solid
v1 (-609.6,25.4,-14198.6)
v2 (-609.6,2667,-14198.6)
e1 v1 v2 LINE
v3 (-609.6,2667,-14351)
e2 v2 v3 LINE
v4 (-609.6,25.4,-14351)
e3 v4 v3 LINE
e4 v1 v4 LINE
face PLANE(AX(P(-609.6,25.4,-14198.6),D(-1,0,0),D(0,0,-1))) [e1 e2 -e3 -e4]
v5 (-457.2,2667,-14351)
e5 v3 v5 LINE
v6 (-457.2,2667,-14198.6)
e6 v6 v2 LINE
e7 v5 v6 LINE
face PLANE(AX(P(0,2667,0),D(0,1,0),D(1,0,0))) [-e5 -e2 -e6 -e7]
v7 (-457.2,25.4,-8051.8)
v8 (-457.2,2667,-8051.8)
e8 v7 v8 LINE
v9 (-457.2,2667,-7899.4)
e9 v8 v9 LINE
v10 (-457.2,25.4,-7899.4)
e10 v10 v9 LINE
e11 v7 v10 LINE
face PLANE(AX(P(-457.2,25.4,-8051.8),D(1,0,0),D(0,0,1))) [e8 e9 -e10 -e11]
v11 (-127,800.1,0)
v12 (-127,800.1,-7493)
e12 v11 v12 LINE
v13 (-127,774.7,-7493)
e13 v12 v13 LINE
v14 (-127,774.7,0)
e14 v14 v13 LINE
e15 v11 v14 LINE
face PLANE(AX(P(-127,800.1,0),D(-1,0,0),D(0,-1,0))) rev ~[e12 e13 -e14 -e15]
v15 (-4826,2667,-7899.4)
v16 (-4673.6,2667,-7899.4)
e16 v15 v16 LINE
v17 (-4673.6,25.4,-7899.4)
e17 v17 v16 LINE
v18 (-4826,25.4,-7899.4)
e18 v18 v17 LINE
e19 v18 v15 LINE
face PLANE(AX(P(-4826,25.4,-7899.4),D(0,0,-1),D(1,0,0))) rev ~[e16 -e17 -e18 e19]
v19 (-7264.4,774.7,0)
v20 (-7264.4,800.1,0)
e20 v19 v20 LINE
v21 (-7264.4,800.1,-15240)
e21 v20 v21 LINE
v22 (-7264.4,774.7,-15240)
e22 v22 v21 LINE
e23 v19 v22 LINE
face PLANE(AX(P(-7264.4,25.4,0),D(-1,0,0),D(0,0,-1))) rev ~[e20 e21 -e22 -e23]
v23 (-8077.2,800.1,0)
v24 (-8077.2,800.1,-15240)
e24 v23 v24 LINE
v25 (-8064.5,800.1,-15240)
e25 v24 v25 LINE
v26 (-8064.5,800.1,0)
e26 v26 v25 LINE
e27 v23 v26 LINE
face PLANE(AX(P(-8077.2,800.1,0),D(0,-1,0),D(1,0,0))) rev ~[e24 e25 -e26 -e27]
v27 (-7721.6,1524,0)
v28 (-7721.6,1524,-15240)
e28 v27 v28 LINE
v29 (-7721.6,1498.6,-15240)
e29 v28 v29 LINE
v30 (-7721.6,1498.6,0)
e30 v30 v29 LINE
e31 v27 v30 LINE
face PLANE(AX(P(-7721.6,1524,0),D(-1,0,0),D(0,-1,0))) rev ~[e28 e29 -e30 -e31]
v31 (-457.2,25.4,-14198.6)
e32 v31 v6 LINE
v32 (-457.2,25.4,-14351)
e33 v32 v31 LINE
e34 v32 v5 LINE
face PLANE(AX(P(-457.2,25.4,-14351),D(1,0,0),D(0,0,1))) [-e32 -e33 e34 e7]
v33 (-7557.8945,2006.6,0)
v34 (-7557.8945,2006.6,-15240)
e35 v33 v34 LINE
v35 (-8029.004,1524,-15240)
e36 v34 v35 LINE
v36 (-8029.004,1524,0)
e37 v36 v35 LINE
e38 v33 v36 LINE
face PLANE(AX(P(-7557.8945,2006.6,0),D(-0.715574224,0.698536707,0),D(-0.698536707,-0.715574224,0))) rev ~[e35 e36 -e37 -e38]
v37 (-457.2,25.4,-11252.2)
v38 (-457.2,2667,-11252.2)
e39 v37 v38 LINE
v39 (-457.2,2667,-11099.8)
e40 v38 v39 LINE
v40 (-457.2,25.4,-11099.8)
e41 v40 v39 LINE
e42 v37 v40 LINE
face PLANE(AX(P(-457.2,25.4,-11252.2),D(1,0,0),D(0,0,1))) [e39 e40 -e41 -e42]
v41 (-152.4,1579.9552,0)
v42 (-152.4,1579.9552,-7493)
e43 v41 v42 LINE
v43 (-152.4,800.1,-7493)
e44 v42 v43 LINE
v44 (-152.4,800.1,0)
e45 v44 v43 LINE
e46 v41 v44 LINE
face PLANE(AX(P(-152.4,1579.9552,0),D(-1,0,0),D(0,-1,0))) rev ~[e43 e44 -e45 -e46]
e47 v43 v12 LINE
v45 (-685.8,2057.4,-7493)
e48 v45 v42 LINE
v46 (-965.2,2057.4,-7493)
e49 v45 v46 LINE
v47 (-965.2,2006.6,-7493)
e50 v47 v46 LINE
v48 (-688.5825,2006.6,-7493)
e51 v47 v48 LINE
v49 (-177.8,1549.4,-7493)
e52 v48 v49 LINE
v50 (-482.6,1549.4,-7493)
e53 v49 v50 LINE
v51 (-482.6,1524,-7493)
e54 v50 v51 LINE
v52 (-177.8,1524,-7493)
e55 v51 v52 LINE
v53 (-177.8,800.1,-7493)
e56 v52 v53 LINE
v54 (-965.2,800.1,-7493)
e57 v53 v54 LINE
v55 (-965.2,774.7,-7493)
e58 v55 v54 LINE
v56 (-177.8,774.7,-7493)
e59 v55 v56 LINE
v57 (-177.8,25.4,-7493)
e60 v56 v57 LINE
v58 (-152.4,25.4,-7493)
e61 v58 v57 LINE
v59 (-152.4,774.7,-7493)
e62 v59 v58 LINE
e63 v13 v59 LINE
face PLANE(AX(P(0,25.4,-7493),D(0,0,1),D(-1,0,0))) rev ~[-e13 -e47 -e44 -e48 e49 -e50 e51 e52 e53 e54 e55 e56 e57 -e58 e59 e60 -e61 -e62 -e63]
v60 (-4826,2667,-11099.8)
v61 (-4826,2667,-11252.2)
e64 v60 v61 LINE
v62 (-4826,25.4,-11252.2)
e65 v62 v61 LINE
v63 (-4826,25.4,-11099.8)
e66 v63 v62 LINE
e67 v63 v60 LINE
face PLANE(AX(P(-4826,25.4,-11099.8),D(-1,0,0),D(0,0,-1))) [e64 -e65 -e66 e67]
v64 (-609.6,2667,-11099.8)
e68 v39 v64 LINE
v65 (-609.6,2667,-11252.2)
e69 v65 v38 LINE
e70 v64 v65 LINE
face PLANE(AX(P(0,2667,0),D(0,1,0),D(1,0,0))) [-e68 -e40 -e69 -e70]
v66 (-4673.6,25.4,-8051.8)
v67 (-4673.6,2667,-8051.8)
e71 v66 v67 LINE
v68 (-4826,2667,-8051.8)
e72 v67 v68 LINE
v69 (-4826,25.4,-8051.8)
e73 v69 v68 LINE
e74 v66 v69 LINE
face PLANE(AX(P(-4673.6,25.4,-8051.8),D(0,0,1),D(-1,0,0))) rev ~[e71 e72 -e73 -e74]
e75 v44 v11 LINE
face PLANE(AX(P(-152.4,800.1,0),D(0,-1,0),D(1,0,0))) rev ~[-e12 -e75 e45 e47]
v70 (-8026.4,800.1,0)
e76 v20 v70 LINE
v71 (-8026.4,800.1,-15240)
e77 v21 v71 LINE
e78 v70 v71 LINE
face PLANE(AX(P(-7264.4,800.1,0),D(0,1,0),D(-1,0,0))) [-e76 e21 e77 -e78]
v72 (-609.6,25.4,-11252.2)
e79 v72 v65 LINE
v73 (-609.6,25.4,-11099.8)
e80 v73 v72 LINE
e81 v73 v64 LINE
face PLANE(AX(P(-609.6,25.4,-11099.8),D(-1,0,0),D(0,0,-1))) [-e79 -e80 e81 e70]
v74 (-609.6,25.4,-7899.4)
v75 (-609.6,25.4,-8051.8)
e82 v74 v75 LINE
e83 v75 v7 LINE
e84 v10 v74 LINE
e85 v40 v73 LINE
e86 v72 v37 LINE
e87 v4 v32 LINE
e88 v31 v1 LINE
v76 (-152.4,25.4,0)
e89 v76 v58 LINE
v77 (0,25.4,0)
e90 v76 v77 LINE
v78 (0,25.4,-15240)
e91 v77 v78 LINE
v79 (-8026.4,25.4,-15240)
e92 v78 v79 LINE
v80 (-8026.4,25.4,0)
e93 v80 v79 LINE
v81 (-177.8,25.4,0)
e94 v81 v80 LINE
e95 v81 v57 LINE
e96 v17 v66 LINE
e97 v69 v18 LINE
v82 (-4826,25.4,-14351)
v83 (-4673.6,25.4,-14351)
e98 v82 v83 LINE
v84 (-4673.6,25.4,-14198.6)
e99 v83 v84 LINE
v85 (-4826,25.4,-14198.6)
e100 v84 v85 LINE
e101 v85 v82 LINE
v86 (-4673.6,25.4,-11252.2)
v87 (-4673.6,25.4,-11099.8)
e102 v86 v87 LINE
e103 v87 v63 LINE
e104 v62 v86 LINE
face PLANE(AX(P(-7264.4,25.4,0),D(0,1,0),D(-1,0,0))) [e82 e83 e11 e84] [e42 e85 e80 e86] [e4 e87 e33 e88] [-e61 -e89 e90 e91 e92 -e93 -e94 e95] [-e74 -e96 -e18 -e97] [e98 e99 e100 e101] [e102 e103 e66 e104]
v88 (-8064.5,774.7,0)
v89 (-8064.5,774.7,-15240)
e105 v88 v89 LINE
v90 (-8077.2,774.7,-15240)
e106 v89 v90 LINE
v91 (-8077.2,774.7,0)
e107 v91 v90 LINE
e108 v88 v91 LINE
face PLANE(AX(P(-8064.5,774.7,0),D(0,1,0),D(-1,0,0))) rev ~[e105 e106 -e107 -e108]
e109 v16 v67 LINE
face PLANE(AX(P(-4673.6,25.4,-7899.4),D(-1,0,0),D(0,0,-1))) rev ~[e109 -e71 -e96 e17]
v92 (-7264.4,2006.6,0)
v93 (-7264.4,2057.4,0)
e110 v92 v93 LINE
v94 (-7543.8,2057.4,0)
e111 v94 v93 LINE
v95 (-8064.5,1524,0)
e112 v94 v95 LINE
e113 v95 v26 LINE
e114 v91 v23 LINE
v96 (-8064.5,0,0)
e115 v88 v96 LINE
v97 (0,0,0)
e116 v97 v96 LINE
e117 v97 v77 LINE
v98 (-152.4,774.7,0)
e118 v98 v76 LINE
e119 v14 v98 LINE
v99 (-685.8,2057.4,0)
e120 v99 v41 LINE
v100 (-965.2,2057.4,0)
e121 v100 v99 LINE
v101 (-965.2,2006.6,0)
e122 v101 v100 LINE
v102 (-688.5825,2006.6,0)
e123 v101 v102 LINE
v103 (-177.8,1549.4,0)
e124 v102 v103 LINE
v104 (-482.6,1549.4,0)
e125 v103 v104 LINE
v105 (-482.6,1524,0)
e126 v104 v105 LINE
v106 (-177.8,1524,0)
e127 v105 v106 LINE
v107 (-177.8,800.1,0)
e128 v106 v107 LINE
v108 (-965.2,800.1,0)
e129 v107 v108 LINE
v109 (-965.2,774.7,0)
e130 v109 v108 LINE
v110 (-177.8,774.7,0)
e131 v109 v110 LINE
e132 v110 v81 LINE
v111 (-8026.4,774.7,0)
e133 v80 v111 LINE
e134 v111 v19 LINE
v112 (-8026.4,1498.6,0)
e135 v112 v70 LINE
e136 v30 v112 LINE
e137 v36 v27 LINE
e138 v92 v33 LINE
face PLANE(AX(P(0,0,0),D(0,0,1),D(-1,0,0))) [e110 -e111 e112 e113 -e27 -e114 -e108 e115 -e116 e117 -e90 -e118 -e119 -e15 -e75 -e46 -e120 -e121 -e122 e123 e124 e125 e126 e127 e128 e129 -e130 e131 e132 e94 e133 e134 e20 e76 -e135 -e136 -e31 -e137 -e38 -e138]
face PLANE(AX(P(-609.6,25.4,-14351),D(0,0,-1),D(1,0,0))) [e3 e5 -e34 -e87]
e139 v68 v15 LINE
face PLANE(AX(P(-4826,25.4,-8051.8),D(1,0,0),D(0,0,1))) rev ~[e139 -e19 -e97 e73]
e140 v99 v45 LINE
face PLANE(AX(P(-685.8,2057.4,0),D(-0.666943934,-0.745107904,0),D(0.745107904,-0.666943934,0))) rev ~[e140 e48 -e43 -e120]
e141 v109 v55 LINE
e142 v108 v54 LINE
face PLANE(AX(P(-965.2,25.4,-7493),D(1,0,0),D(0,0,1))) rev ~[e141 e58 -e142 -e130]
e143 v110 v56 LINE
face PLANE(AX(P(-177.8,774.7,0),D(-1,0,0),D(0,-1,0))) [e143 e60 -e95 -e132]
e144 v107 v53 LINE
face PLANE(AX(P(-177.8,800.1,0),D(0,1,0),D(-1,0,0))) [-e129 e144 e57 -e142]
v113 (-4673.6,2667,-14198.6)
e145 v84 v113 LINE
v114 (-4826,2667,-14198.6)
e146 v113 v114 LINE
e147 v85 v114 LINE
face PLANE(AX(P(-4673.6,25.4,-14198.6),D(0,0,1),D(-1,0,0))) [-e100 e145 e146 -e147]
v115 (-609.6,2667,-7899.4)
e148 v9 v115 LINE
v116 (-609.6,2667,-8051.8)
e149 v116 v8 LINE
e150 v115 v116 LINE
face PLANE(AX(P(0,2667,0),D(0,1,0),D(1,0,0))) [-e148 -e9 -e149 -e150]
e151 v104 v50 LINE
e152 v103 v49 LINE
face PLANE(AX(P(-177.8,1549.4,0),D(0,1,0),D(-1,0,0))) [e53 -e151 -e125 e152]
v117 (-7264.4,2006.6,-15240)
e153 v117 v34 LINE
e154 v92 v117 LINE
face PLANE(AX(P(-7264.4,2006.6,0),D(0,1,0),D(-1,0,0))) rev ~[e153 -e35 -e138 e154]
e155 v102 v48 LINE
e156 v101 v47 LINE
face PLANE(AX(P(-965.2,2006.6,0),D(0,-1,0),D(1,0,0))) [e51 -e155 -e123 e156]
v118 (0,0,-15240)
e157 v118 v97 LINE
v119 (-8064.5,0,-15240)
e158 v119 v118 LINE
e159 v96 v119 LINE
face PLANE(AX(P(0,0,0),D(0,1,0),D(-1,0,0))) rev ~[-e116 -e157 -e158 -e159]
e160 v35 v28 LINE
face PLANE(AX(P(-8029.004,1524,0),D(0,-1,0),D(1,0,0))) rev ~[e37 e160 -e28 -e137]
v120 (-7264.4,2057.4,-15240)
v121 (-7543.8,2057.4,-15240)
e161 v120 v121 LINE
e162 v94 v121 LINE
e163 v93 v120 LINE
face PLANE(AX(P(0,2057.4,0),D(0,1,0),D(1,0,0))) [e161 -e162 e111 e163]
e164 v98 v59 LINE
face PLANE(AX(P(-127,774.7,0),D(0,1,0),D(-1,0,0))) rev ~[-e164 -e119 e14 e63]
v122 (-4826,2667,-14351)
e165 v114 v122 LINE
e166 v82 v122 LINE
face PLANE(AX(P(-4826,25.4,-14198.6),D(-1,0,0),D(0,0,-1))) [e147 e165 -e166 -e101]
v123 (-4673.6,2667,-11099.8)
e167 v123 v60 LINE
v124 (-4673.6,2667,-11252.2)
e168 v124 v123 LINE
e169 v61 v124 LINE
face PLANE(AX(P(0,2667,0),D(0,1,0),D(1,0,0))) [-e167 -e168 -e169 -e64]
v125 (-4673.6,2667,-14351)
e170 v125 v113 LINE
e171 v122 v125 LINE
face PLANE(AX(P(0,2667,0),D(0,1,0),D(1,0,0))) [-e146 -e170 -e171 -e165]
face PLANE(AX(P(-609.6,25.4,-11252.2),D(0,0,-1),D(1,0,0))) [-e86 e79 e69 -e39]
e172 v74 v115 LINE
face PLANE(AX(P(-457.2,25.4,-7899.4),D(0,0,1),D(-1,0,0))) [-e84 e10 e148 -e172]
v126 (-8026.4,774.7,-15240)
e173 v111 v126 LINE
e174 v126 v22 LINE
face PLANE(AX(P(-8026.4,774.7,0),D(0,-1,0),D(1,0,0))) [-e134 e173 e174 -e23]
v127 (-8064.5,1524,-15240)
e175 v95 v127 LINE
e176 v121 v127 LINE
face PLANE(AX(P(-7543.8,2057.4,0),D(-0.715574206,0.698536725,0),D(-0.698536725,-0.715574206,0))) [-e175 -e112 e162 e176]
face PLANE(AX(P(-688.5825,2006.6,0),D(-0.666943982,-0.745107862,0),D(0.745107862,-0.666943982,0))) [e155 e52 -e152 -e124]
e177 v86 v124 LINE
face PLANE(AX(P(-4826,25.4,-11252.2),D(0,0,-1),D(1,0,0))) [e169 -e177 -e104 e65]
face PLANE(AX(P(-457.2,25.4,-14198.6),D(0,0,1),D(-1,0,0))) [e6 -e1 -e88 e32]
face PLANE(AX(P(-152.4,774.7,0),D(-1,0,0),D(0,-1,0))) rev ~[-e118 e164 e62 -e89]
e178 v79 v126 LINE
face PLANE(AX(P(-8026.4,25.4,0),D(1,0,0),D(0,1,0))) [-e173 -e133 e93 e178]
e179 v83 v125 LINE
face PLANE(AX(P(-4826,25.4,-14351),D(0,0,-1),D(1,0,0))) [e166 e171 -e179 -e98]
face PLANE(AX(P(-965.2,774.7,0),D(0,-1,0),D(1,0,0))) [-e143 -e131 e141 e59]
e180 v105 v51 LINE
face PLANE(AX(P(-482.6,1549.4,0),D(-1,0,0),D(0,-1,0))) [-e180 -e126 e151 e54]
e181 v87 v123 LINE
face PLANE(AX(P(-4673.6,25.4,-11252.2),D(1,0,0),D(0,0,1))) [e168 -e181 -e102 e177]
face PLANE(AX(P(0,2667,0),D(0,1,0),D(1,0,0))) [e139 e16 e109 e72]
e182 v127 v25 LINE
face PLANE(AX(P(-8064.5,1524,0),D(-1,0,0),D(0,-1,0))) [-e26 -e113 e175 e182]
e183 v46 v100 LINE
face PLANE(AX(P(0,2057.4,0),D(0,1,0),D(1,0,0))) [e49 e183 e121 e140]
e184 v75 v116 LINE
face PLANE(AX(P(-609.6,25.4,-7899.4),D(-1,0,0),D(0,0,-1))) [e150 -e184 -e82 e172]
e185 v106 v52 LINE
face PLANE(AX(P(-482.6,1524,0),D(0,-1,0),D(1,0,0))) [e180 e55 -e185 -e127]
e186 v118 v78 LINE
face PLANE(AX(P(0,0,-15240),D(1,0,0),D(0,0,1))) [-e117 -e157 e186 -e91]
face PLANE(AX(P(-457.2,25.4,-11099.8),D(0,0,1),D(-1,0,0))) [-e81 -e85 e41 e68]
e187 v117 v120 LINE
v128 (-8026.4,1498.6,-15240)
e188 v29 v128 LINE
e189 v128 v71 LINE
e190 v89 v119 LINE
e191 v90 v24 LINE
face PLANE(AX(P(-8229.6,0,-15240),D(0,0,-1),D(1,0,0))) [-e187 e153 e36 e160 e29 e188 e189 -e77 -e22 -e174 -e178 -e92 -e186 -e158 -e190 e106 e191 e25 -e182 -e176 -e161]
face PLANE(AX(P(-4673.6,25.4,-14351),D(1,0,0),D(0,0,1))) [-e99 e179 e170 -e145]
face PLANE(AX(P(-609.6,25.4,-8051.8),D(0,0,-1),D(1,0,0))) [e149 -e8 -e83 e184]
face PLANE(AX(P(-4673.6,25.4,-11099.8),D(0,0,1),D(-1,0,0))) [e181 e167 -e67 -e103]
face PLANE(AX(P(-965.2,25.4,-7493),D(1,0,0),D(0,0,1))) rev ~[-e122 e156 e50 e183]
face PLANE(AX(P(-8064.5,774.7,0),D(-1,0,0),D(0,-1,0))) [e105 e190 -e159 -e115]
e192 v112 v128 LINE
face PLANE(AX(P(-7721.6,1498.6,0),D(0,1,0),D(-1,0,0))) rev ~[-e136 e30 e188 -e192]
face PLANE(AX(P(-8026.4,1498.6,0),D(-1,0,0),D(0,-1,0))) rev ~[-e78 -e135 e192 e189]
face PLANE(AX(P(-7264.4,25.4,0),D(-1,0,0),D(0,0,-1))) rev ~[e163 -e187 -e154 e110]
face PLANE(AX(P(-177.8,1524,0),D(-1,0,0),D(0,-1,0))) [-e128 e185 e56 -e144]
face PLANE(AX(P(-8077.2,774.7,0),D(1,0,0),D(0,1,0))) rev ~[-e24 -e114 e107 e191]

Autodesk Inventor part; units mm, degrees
ref_plane "YZ Plane" through (0, 0, 0) normal (1, 0, 0) x (0, 1, 0)
ref_plane "XZ Plane" through (0, 0, 0) normal (0, 1, 0) x (-1, 0, 0)
ref_plane "XY Plane" through (0, 0, 0) normal (0, 0, 1) x (1, 0, 0)
sketch "Sketch1" plane through (0, 0, 0) normal (0, 1, 0) x (-1, 0, 0)
  line L0 (0, 0) -> (8229.6, 0)
  line L1 (8229.6, 0) -> (8229.6, -15240)
  line L2 (8229.6, -15240) -> (0, -15240)
  line L3 (0, -15240) -> (0, 0)
  line L4 (533.4, -7975.6) -> (533.4, -11176) construction
  line L5 (533.4, -11176) -> (533.4, -14274.8) construction
  line L6 (4749.8, -7975.6) -> (4749.8, -11176) construction
  line L7 (4749.8, -11176) -> (4749.8, -14274.8) construction
  line L8 (4749.8, -14274.8) -> (533.4, -14274.8) construction
  line L9 (4749.8, -7975.6) -> (533.4, -7975.6) construction
  line L10 (533.4, -11176) -> (4749.8, -11176) construction
  dimension "d0" = 15240
  dimension "d1" = 8229.6
  dimension "d2" = 3200.4
  dimension "d3" = 3098.8
  dimension "d4" = 4216.4
  dimension "d5" = 533.4
  dimension "d6" = 965.2
extrude "Extrusion1" add sketch "Sketch1" along normal blind 25.4
sketch "Sketch2" plane through (0, 25.4, 0) normal (0, 1, 0) x (1, 0, 0)
  line L0 (-4673.6, 8051.8) -> (-4826, 8051.8)
  line L1 (-4826, 8051.8) -> (-4826, 7899.4)
  line L2 (-4826, 7899.4) -> (-4673.6, 7899.4)
  line L3 (-4673.6, 7899.4) -> (-4673.6, 8051.8)
  line L4 (-4673.6, 8051.8) -> (-4826, 7899.4) construction
  line L5 (-4826, 8051.8) -> (-4673.6, 7899.4) construction
  line L6 (-457.2, 7899.4) -> (-609.6, 7899.4)
  line L7 (-609.6, 7899.4) -> (-609.6, 8051.8)
  line L8 (-609.6, 8051.8) -> (-457.2, 8051.8)
  line L9 (-457.2, 8051.8) -> (-457.2, 7899.4)
  line L10 (-457.2, 7899.4) -> (-609.6, 8051.8) construction
  line L11 (-609.6, 7899.4) -> (-457.2, 8051.8) construction
  line L12 (-4673.6, 11099.8) -> (-4826, 11099.8)
  line L13 (-4826, 11099.8) -> (-4826, 11252.2)
  line L14 (-4826, 11252.2) -> (-4673.6, 11252.2)
  line L15 (-4673.6, 11252.2) -> (-4673.6, 11099.8)
  line L16 (-4673.6, 11099.8) -> (-4826, 11252.2) construction
  line L17 (-4826, 11099.8) -> (-4673.6, 11252.2) construction
  line L18 (-457.2, 11099.8) -> (-609.6, 11099.8)
  line L19 (-609.6, 11099.8) -> (-609.6, 11252.2)
  line L20 (-609.6, 11252.2) -> (-457.2, 11252.2)
  line L21 (-457.2, 11252.2) -> (-457.2, 11099.8)
  line L22 (-457.2, 11099.8) -> (-609.6, 11252.2) construction
  line L23 (-609.6, 11099.8) -> (-457.2, 11252.2) construction
  line L24 (-457.2, 14198.6) -> (-609.6, 14198.6)
  line L25 (-609.6, 14198.6) -> (-609.6, 14351)
  line L26 (-609.6, 14351) -> (-457.2, 14351)
  line L27 (-457.2, 14351) -> (-457.2, 14198.6)
  line L28 (-457.2, 14198.6) -> (-609.6, 14351) construction
  line L29 (-609.6, 14198.6) -> (-457.2, 14351) construction
  line L30 (-4673.6, 14198.6) -> (-4826, 14198.6)
  line L31 (-4826, 14198.6) -> (-4826, 14351)
  line L32 (-4826, 14351) -> (-4673.6, 14351)
  line L33 (-4673.6, 14351) -> (-4673.6, 14198.6)
  line L34 (-4673.6, 14198.6) -> (-4826, 14351) construction
  line L35 (-4826, 14198.6) -> (-4673.6, 14351) construction
  point P0 (0, 0)
  point P1 (-4749.8, 14274.8)
  point P2 (-533.4, 14274.8)
  point P3 (-533.4, 11176)
  point P4 (-4749.8, 11176)
  point P5 (-4749.8, 7975.6)
  point P6 (-533.4, 7975.6)
  dimension "d9" = 152.4
  dimension "d10" = 152.4
  dimension "d11" = 152.4
  dimension "d12" = 152.4
  dimension "d13" = 152.4
  dimension "d14" = 152.4
  dimension "d15" = 152.4
  dimension "d16" = 152.4
  dimension "d17" = 152.4
  dimension "d18" = 152.4
  dimension "d19" = 152.4
extrude "Extrusion2" add sketch "Sketch2" along normal blind 2641.6
sketch "Sketch3" plane through (0, 25.4, 0) normal (0, 1, 0) x (1, 0, 0)
  line L0 (-8229.6, 0) -> (-7264.4, 0)
  line L1 (-7264.4, 0) -> (-7264.4, 15240)
  line L2 (-7264.4, 15240) -> (-8229.6, 15240)
  line L3 (-8229.6, 15240) -> (-8229.6, 0)
  line L4 (0, 7493) -> (-965.2, 7493)
  line L5 (-965.2, 7493) -> (-965.2, 0)
  line L6 (-965.2, 0) -> (0, 0)
  line L7 (0, 0) -> (0, 7493)
  line L8 (-8229.6, 15240) -> (-8229.6, 0) projected
  line L9 (0, 15240) -> (-8229.6, 15240) projected
  line L10 (-8229.6, 0) -> (0, 0) projected
  line L11 (0, 0) -> (0, 15240) projected
  line L12 (-609.6, 7899.4) -> (-457.2, 7899.4) projected
  dimension "d22" = 965.2
  dimension "d23" = 0
  dimension "d24" = 0
  dimension "d25" = 0
  dimension "d26" = 965.2
  dimension "d27" = 0
  dimension "d28" = 406.4
  dimension "d29" = 0
extrude "Extrusion3" add sketch "Sketch3" along normal blind 2032 contours L3 L2 L1 L0 | L5 L4 L7 L6
sketch "Sketch4" plane through (-8229.6, 0, 0) normal (0, 0, 1) x (1, 0, 0)
  line L0 (685.8, 2057.4) -> (165.1, 1524)
  line L1 (165.1, 1524) -> (165.1, 774.7)
  line L2 (0, 0) -> (0, 2057.4) projected
  line L3 (165.1, 774.7) -> (152.4, 774.7)
  line L4 (152.4, 774.7) -> (152.4, 800.1)
  line L5 (152.4, 800.1) -> (165.1, 800.1)
  line L6 (165.1, 800.1) -> (165.1, 0)
  line L7 (8229.6, 0) -> (0, 0) projected
  line L8 (965.2, 25.4) -> (965.2, 2057.4) projected
  line L9 (965.2, 2006.6) -> (671.7055, 2006.6)
  line L10 (671.7055, 2006.6) -> (200.596, 1524)
  line L11 (200.596, 1524) -> (508, 1524)
  line L12 (508, 1524) -> (508, 1498.6)
  line L13 (508, 1498.6) -> (203.2, 1498.6)
  line L14 (203.2, 1498.6) -> (203.2, 774.7)
  line L15 (203.2, 774.7) -> (965.2, 774.7)
  line L16 (965.2, 800.1) -> (203.2, 800.1)
  line L17 (203.2, 0) -> (203.2, 800.1)
  line L18 (165.1, 0) -> (203.2, 0)
  line L19 (0, 2057.4) -> (965.2, 2057.4) projected
  line L20 (685.8, 2057.4) -> (965.2, 2057.4)
  line L21 (965.2, 25.4) -> (7264.4, 25.4) projected
  line L22 (965.2, 25.4) -> (203.2, 25.4)
  line L23 (8229.6, 0) -> (8229.6, 2057.4) projected
  line L24 (4114.8, 3713.7575) -> (4114.8, -1399.6684) construction
  line L25 (8229.6, 2057.4) -> (7264.4, 2057.4) projected
  line L26 (7264.4, 2057.4) -> (7543.8, 2057.4)
  line L27 (7543.8, 2057.4) -> (8077.2, 1579.9552)
  line L28 (8077.2, 1579.9552) -> (8077.2, 800.1)
  line L29 (8077.2, 800.1) -> (8102.6, 800.1)
  line L30 (8102.6, 800.1) -> (8102.6, 774.7)
  line L31 (8102.6, 774.7) -> (8077.2, 774.7)
  line L32 (8077.2, 774.7) -> (8077.2, 0)
  line L33 (7264.4, 25.4) -> (7264.4, 2057.4) projected
  line L34 (7264.4, 2057.4) -> (7264.4, 2006.6)
  line L35 (7264.4, 2006.6) -> (7541.0175, 2006.6)
  line L36 (7541.0175, 2006.6) -> (8051.8, 1549.4)
  line L37 (8051.8, 1549.4) -> (7747, 1549.4)
  line L38 (7747, 1549.4) -> (7747, 1524)
  line L39 (7747, 1524) -> (8051.8, 1524)
  line L40 (8051.8, 1524) -> (8051.8, 800.1)
  line L41 (8051.8, 800.1) -> (7264.4, 800.1)
  line L42 (7264.4, 774.7) -> (8051.8, 774.7)
  line L43 (8051.8, 774.7) -> (8051.8, 0)
  line L44 (8051.8, 0) -> (8077.2, 0)
  line L45 (0, 0) -> (8229.6, 0) projected
  line L46 (7264.4, 800.1) -> (7264.4, 774.7)
  line L47 (7264.4, 25.4) -> (8229.6, 25.4) projected
  line L48 (7264.4, 25.4) -> (8051.8, 25.4)
  line L49 (8077.2, 25.4) -> (8229.6, 25.4)
  point P0 (7620, 25.4)
  dimension "d33" = 279.4
  dimension "d34" = 152.4
  dimension "d35" = 38.1
  dimension "d36" = 25.4
  dimension "d37" = 304.8
  dimension "d38" = 25.4
  dimension "d40" = 723.9
  dimension "d41" = 25.4
  dimension "d42" = 749.3
  dimension "d43" = 12.7
  dimension "d44" = 0
  dimension "d47" = 8229.6
  dimension "d48" = 4114.8
  dimension "d49" = 50.8
  dimension "d50" = 50.8
  dimension "d51" = 279.4
  dimension "d53" = 25.4
  dimension "d55" = 25.4
  dimension "d56" = 749.3
  dimension "d57" = 723.9
  dimension "d61" = 25.4
  dimension "d62" = 0
  dimension "d65" = 304.8
  dimension "d66" = 152.4
  dimension "d67" = 25.4
  dimension "d68" = 25.4
  dimension "d69" = 0
extrude "Extrusion4" cut sketch "Sketch4" against normal up to surface (15240 mm away) contours L0 L1 L5 L4 L3 L6 L7 L2 L19 | L8 L16 L14 L13 L12 L11 L10 L9 | L8 L22 L17 L15
extrude "Extrusion5" cut sketch "Sketch4" against normal up to surface (7493 mm away) contours L47 L33 L42 L43 | L32 L31 L30 L29 L28 L27 L25 L23 L47 | L33 L35 L36 L37 L38 L39 L40 L41
sketch "Sketch5" plane through (0, 25.4, 0) normal (0, 1, 0) x (1, 0, 0)
  line L0 (-1701.8, 5748.807) -> (-1701.8, 14785.8266) construction
  line L1 (0, 0) -> (0, 15240) construction
  line L2 (-4826, 8051.8) -> (-4826, 7899.4) construction
  line L3 (-4826, 7899.4) -> (-4673.6, 7899.4) construction
  point P0 (-4749.8, 7975.6)
  dimension "d71" = 76.2
  dimension "d72" = 76.2
  dimension "d73" = 3048
equation "\"d10\" = d9"
equation "\"d11\" = d10"
equation "\"d12\" = d11"
equation "\"d13\" = d11"
equation "\"d14\" = d12"
equation "\"d15\" = d10"
equation "\"d16\" = d10"
equation "\"d17\" = d15"
equation "\"d18\" = d17"
equation "\"d19\" = d17"
equation "\"d48\" = 0.5 * d47"
equation "\"d50\" = d49"
equation "\"d51\" = d33"
equation "\"d53\" = d36"
equation "\"d55\" = d41"
equation "\"d56\" = d42"
equation "\"d57\" = d40"
equation "\"d61\" = d55"
equation "\"d72\" = d71"
properties part number "ROOM_B164"
